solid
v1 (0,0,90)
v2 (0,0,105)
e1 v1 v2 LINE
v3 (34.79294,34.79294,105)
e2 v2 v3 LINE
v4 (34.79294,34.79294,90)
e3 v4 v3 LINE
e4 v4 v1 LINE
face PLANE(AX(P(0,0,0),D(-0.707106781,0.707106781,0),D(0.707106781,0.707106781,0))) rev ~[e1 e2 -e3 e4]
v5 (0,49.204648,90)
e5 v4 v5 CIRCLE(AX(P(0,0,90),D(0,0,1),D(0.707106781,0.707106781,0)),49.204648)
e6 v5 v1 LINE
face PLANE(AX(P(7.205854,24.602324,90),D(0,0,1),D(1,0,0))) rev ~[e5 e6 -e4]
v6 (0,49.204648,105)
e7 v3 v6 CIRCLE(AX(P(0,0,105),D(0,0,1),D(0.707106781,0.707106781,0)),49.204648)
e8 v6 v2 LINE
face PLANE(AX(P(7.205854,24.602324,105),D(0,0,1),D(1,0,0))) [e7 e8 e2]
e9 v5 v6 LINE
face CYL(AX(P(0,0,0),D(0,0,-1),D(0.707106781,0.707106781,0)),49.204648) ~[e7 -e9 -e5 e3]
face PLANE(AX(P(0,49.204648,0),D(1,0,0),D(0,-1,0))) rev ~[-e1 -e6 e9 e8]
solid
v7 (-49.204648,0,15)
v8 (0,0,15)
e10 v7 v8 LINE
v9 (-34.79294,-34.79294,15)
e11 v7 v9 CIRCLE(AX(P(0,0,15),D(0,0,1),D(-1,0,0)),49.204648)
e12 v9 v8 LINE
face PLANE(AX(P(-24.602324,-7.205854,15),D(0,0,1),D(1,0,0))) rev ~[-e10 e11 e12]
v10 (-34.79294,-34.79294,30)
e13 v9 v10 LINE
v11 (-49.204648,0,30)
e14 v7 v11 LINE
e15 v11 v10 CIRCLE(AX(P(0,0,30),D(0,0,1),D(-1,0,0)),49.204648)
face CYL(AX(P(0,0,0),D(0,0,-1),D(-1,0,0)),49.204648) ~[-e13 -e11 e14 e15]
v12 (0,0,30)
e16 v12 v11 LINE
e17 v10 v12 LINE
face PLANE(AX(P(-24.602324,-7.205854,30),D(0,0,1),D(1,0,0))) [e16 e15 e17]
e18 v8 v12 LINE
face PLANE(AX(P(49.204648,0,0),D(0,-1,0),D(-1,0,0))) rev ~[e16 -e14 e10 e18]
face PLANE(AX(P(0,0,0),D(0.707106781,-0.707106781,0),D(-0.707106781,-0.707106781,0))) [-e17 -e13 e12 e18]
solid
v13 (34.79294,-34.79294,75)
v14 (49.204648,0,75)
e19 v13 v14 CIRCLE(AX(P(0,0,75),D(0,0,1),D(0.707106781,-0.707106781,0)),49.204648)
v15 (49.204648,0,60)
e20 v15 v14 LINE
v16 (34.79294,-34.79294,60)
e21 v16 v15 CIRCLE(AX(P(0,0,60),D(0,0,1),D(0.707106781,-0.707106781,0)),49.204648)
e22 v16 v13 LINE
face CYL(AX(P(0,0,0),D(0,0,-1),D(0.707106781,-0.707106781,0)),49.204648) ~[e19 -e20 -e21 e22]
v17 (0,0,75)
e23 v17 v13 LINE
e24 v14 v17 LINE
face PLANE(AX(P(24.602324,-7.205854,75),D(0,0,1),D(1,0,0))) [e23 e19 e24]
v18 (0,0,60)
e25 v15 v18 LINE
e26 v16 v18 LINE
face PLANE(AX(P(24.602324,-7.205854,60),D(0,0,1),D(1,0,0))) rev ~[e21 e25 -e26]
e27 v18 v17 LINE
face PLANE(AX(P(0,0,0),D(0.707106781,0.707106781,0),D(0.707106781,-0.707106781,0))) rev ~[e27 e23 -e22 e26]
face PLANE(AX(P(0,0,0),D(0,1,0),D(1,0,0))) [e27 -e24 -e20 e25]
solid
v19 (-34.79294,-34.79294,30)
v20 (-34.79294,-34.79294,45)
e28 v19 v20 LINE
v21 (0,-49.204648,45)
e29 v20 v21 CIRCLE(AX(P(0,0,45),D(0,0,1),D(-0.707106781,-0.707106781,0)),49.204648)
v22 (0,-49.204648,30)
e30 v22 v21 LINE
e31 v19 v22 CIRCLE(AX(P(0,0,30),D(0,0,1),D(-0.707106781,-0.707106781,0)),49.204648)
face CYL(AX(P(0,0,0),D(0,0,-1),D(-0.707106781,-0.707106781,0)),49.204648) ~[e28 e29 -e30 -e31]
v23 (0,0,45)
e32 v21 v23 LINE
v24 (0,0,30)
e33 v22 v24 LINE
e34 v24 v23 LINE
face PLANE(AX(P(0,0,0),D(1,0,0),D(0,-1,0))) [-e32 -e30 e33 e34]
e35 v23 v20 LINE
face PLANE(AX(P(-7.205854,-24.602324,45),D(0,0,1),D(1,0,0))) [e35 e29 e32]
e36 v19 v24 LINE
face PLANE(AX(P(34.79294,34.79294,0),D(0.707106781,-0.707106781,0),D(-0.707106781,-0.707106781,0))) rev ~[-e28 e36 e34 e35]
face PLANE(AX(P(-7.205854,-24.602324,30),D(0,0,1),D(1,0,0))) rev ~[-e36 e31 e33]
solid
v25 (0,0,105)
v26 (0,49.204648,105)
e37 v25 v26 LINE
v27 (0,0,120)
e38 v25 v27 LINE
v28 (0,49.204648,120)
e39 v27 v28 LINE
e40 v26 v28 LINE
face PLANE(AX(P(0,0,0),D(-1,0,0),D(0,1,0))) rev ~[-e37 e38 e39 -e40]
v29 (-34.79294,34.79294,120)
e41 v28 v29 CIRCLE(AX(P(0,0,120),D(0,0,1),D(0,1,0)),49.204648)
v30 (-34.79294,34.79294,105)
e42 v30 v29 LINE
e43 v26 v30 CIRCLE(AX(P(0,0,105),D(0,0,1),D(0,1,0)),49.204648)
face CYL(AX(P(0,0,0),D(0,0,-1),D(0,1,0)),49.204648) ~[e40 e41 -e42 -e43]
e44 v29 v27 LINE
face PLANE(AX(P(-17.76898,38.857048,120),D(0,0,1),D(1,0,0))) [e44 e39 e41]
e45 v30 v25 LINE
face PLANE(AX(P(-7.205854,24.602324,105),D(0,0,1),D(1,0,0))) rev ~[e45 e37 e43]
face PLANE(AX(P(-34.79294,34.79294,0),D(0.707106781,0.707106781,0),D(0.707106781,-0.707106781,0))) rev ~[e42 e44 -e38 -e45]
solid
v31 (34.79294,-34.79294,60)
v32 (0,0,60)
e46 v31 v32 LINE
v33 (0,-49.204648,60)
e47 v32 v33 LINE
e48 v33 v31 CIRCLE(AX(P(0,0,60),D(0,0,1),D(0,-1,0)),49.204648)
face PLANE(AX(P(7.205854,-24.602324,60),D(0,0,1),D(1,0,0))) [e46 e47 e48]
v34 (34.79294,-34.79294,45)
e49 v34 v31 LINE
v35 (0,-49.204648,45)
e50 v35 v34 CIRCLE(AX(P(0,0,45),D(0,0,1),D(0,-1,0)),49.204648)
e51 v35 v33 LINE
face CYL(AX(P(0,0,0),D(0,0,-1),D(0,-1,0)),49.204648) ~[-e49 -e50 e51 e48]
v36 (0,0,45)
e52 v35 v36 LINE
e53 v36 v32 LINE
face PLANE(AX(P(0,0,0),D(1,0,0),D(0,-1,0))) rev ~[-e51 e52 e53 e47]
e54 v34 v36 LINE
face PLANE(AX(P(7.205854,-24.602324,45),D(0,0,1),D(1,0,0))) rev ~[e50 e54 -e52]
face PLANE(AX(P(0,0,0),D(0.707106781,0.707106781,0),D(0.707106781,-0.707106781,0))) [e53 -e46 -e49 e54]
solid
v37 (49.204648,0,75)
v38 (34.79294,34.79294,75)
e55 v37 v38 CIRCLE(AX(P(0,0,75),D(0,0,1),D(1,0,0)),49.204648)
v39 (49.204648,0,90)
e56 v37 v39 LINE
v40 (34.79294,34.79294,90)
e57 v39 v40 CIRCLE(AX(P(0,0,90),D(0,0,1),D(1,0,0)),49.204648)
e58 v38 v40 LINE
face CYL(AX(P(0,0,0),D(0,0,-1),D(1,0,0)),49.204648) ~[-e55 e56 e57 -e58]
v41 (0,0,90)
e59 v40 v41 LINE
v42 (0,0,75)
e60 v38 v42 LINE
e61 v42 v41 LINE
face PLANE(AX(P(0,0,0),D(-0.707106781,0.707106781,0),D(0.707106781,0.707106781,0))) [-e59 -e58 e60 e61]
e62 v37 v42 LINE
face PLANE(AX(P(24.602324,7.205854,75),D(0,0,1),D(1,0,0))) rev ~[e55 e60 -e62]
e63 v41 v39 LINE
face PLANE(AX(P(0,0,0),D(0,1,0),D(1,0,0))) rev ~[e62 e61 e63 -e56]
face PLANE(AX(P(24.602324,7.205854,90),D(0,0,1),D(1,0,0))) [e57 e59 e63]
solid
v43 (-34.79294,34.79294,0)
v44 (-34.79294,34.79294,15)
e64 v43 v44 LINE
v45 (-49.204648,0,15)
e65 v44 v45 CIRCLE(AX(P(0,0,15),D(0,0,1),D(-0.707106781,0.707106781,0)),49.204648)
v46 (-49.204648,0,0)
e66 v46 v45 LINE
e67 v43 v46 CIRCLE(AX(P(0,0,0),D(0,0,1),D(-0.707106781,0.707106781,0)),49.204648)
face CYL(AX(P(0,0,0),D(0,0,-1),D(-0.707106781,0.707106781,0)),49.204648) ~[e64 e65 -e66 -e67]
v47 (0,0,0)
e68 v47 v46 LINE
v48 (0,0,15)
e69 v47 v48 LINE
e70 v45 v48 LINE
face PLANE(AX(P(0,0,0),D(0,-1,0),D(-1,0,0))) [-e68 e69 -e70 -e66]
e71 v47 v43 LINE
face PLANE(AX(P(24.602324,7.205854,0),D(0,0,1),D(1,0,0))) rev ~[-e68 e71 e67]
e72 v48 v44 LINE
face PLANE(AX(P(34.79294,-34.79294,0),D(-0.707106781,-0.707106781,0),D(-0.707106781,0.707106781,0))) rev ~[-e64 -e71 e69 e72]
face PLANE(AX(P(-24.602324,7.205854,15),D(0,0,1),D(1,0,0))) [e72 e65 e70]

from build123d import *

# Parameters (mm, degrees)
F1_DEPTH  = 15
F2_DEPTH  = 30
F3_DEPTH  = 45
F4_DEPTH  = 60
F5_DEPTH  = 75
F6_DEPTH  = 90
F7_DEPTH  = 15
F8_DEPTH  = 30
F9_DEPTH  = 45
F10_DEPTH = 60
F11_DEPTH = 75
F12_DEPTH = 105
F13_DEPTH = 120
F14_DEPTH = 90
F15_DEPTH = 105


with BuildPart() as f1:
    # F0 (on Top) → F1 (new body)
    with BuildSketch(Plane.XY):
        Polygon((-49.2046483293, 0), (0, 0), (-24.6023241646, 24.6023241646), align=None)
        with BuildLine():
            ThreePointArc((-34.7929404995, 34.7929404995), (-45.4591674959, 18.829803711), (-49.2046483293, 0))
            Line((-49.2046483293, 0), (-24.6023241646, 24.6023241646))
            Line((-24.6023241646, 24.6023241646), (-34.7929404995, 34.7929404995))
        make_face()
    extrude(amount=F1_DEPTH)

    # F0 (on Top) → F2 (join)
    with BuildSketch(Plane.XY):
        Polygon((-24.6023241646, -24.6023241646), (0, 0), (-49.2046483293, 0), align=None)
        with BuildLine():
            Line((-24.6023241646, -24.6023241646), (-49.2046483293, 0))
            ThreePointArc((-49.2046483293, 0), (-45.4591674959, -18.829803711), (-34.7929404995, -34.7929404995))
            Line((-34.7929404995, -34.7929404995), (-24.6023241646, -24.6023241646))
        make_face()
    extrude(amount=F2_DEPTH)

    # F0 (on Top) → F3 (join)
    with BuildSketch(Plane.XY):
        Polygon((0, -49.2046483293), (0, 0), (-24.6023241646, -24.6023241646), align=None)
        with BuildLine():
            ThreePointArc((-34.7929404995, -34.7929404995), (-18.829803711, -45.4591674959), (0, -49.2046483293))
            Line((0, -49.2046483293), (-24.6023241646, -24.6023241646))
            Line((-24.6023241646, -24.6023241646), (-34.7929404995, -34.7929404995))
        make_face()
    extrude(amount=F3_DEPTH)

    # F0 (on Top) → F4 (join)
    with BuildSketch(Plane.XY):
        Polygon((24.6023241646, -24.6023241646), (0, 0), (0, -49.2046483293), align=None)
        with BuildLine():
            ThreePointArc((0, -49.2046483293), (18.829803711, -45.4591674959), (34.7929404995, -34.7929404995))
            Line((34.7929404995, -34.7929404995), (24.6023241646, -24.6023241646))
            Line((24.6023241646, -24.6023241646), (0, -49.2046483293))
        make_face()
    extrude(amount=F4_DEPTH)

    # F0 (on Top) → F5 (join)
    with BuildSketch(Plane.XY):
        Polygon((24.6023241646, -24.6023241646), (49.2046483293, 0), (0, 0), align=None)
        with BuildLine():
            ThreePointArc((34.7929404995, -34.7929404995), (45.4591674959, -18.829803711), (49.2046483293, 0))
            Line((49.2046483293, 0), (24.6023241646, -24.6023241646))
            Line((24.6023241646, -24.6023241646), (34.7929404995, -34.7929404995))
        make_face()
    extrude(amount=F5_DEPTH)

    # F0 (on Top) → F6 (join)
    with BuildSketch(Plane.XY):
        Polygon((0, 0), (49.2046483293, 0), (24.6023241646, 24.6023241646), align=None)
        with BuildLine():
            Line((24.6023241646, 24.6023241646), (49.2046483293, 0))
            ThreePointArc((49.2046483293, 0), (45.4591674959, 18.829803711), (34.7929404995, 34.7929404995))
            Line((34.7929404995, 34.7929404995), (24.6023241646, 24.6023241646))
        make_face()
    extrude(amount=F6_DEPTH)

    # F0 (on Top) → F7 (cut)
    with BuildSketch(Plane.XY):
        Polygon((-24.6023241646, -24.6023241646), (0, 0), (-49.2046483293, 0), align=None)
        with BuildLine():
            Line((-24.6023241646, -24.6023241646), (-49.2046483293, 0))
            ThreePointArc((-49.2046483293, 0), (-45.4591674959, -18.829803711), (-34.7929404995, -34.7929404995))
            Line((-34.7929404995, -34.7929404995), (-24.6023241646, -24.6023241646))
        make_face()
    extrude(amount=F7_DEPTH, mode=Mode.SUBTRACT)

    # F0 (on Top) → F8 (cut)
    with BuildSketch(Plane.XY):
        Polygon((0, -49.2046483293), (0, 0), (-24.6023241646, -24.6023241646), align=None)
        with BuildLine():
            ThreePointArc((-34.7929404995, -34.7929404995), (-18.829803711, -45.4591674959), (0, -49.2046483293))
            Line((0, -49.2046483293), (-24.6023241646, -24.6023241646))
            Line((-24.6023241646, -24.6023241646), (-34.7929404995, -34.7929404995))
        make_face()
    extrude(amount=F8_DEPTH, mode=Mode.SUBTRACT)

    # F0 (on Top) → F9 (cut)
    with BuildSketch(Plane.XY):
        Polygon((24.6023241646, -24.6023241646), (0, 0), (0, -49.2046483293), align=None)
        with BuildLine():
            ThreePointArc((0, -49.2046483293), (18.829803711, -45.4591674959), (34.7929404995, -34.7929404995))
            Line((34.7929404995, -34.7929404995), (24.6023241646, -24.6023241646))
            Line((24.6023241646, -24.6023241646), (0, -49.2046483293))
        make_face()
    extrude(amount=F9_DEPTH, mode=Mode.SUBTRACT)

    # F0 (on Top) → F10 (cut)
    with BuildSketch(Plane.XY):
        Polygon((24.6023241646, -24.6023241646), (49.2046483293, 0), (0, 0), align=None)
        with BuildLine():
            ThreePointArc((34.7929404995, -34.7929404995), (45.4591674959, -18.829803711), (49.2046483293, 0))
            Line((49.2046483293, 0), (24.6023241646, -24.6023241646))
            Line((24.6023241646, -24.6023241646), (34.7929404995, -34.7929404995))
        make_face()
    extrude(amount=F10_DEPTH, mode=Mode.SUBTRACT)

    # F0 (on Top) → F11 (cut)
    with BuildSketch(Plane.XY):
        Polygon((0, 0), (49.2046483293, 0), (24.6023241646, 24.6023241646), align=None)
        with BuildLine():
            Line((24.6023241646, 24.6023241646), (49.2046483293, 0))
            ThreePointArc((49.2046483293, 0), (45.4591674959, 18.829803711), (34.7929404995, 34.7929404995))
            Line((34.7929404995, 34.7929404995), (24.6023241646, 24.6023241646))
        make_face()
    extrude(amount=F11_DEPTH, mode=Mode.SUBTRACT)

    # F0 (on Top) → F12 (join)
    with BuildSketch(Plane.XY):
        Polygon((0, 49.2046483293), (0, 0), (24.6023241646, 24.6023241646), align=None)
        with BuildLine():
            Line((24.6023241646, 24.6023241646), (34.7929404995, 34.7929404995))
            ThreePointArc((34.7929404995, 34.7929404995), (18.829803711, 45.4591674959), (0, 49.2046483293))
            Line((0, 49.2046483293), (24.6023241646, 24.6023241646))
        make_face()
    extrude(amount=F12_DEPTH)

    # F0 (on Top) → F14 (cut)
    with BuildSketch(Plane.XY):
        Polygon((0, 49.2046483293), (0, 0), (24.6023241646, 24.6023241646), align=None)
        with BuildLine():
            Line((24.6023241646, 24.6023241646), (34.7929404995, 34.7929404995))
            ThreePointArc((34.7929404995, 34.7929404995), (18.829803711, 45.4591674959), (0, 49.2046483293))
            Line((0, 49.2046483293), (24.6023241646, 24.6023241646))
        make_face()
    extrude(amount=F14_DEPTH, mode=Mode.SUBTRACT)


with BuildPart() as f13:
    # F0 (on Top) → F13 (new body)
    with BuildSketch(Plane.XY):
        with BuildLine():
            Line((-24.6023241646, 24.6023241646), (0, 49.2046483293))
            ThreePointArc((0, 49.2046483293), (-18.829803711, 45.4591674959), (-34.7929404995, 34.7929404995))
            Line((-34.7929404995, 34.7929404995), (-24.6023241646, 24.6023241646))
        make_face()
        Polygon((-24.6023241646, 24.6023241646), (0, 0), (0, 49.2046483293), align=None)
    extrude(amount=F13_DEPTH)

    # F0 (on Top) → F15 (cut)
    with BuildSketch(Plane.XY):
        Polygon((-24.6023241646, 24.6023241646), (0, 0), (0, 49.2046483293), align=None)
        with BuildLine():
            Line((-24.6023241646, 24.6023241646), (0, 49.2046483293))
            ThreePointArc((0, 49.2046483293), (-18.829803711, 45.4591674959), (-34.7929404995, 34.7929404995))
            Line((-34.7929404995, 34.7929404995), (-24.6023241646, 24.6023241646))
        make_face()
    extrude(amount=F15_DEPTH, mode=Mode.SUBTRACT)


solid = Compound([f1.part, f13.part])
